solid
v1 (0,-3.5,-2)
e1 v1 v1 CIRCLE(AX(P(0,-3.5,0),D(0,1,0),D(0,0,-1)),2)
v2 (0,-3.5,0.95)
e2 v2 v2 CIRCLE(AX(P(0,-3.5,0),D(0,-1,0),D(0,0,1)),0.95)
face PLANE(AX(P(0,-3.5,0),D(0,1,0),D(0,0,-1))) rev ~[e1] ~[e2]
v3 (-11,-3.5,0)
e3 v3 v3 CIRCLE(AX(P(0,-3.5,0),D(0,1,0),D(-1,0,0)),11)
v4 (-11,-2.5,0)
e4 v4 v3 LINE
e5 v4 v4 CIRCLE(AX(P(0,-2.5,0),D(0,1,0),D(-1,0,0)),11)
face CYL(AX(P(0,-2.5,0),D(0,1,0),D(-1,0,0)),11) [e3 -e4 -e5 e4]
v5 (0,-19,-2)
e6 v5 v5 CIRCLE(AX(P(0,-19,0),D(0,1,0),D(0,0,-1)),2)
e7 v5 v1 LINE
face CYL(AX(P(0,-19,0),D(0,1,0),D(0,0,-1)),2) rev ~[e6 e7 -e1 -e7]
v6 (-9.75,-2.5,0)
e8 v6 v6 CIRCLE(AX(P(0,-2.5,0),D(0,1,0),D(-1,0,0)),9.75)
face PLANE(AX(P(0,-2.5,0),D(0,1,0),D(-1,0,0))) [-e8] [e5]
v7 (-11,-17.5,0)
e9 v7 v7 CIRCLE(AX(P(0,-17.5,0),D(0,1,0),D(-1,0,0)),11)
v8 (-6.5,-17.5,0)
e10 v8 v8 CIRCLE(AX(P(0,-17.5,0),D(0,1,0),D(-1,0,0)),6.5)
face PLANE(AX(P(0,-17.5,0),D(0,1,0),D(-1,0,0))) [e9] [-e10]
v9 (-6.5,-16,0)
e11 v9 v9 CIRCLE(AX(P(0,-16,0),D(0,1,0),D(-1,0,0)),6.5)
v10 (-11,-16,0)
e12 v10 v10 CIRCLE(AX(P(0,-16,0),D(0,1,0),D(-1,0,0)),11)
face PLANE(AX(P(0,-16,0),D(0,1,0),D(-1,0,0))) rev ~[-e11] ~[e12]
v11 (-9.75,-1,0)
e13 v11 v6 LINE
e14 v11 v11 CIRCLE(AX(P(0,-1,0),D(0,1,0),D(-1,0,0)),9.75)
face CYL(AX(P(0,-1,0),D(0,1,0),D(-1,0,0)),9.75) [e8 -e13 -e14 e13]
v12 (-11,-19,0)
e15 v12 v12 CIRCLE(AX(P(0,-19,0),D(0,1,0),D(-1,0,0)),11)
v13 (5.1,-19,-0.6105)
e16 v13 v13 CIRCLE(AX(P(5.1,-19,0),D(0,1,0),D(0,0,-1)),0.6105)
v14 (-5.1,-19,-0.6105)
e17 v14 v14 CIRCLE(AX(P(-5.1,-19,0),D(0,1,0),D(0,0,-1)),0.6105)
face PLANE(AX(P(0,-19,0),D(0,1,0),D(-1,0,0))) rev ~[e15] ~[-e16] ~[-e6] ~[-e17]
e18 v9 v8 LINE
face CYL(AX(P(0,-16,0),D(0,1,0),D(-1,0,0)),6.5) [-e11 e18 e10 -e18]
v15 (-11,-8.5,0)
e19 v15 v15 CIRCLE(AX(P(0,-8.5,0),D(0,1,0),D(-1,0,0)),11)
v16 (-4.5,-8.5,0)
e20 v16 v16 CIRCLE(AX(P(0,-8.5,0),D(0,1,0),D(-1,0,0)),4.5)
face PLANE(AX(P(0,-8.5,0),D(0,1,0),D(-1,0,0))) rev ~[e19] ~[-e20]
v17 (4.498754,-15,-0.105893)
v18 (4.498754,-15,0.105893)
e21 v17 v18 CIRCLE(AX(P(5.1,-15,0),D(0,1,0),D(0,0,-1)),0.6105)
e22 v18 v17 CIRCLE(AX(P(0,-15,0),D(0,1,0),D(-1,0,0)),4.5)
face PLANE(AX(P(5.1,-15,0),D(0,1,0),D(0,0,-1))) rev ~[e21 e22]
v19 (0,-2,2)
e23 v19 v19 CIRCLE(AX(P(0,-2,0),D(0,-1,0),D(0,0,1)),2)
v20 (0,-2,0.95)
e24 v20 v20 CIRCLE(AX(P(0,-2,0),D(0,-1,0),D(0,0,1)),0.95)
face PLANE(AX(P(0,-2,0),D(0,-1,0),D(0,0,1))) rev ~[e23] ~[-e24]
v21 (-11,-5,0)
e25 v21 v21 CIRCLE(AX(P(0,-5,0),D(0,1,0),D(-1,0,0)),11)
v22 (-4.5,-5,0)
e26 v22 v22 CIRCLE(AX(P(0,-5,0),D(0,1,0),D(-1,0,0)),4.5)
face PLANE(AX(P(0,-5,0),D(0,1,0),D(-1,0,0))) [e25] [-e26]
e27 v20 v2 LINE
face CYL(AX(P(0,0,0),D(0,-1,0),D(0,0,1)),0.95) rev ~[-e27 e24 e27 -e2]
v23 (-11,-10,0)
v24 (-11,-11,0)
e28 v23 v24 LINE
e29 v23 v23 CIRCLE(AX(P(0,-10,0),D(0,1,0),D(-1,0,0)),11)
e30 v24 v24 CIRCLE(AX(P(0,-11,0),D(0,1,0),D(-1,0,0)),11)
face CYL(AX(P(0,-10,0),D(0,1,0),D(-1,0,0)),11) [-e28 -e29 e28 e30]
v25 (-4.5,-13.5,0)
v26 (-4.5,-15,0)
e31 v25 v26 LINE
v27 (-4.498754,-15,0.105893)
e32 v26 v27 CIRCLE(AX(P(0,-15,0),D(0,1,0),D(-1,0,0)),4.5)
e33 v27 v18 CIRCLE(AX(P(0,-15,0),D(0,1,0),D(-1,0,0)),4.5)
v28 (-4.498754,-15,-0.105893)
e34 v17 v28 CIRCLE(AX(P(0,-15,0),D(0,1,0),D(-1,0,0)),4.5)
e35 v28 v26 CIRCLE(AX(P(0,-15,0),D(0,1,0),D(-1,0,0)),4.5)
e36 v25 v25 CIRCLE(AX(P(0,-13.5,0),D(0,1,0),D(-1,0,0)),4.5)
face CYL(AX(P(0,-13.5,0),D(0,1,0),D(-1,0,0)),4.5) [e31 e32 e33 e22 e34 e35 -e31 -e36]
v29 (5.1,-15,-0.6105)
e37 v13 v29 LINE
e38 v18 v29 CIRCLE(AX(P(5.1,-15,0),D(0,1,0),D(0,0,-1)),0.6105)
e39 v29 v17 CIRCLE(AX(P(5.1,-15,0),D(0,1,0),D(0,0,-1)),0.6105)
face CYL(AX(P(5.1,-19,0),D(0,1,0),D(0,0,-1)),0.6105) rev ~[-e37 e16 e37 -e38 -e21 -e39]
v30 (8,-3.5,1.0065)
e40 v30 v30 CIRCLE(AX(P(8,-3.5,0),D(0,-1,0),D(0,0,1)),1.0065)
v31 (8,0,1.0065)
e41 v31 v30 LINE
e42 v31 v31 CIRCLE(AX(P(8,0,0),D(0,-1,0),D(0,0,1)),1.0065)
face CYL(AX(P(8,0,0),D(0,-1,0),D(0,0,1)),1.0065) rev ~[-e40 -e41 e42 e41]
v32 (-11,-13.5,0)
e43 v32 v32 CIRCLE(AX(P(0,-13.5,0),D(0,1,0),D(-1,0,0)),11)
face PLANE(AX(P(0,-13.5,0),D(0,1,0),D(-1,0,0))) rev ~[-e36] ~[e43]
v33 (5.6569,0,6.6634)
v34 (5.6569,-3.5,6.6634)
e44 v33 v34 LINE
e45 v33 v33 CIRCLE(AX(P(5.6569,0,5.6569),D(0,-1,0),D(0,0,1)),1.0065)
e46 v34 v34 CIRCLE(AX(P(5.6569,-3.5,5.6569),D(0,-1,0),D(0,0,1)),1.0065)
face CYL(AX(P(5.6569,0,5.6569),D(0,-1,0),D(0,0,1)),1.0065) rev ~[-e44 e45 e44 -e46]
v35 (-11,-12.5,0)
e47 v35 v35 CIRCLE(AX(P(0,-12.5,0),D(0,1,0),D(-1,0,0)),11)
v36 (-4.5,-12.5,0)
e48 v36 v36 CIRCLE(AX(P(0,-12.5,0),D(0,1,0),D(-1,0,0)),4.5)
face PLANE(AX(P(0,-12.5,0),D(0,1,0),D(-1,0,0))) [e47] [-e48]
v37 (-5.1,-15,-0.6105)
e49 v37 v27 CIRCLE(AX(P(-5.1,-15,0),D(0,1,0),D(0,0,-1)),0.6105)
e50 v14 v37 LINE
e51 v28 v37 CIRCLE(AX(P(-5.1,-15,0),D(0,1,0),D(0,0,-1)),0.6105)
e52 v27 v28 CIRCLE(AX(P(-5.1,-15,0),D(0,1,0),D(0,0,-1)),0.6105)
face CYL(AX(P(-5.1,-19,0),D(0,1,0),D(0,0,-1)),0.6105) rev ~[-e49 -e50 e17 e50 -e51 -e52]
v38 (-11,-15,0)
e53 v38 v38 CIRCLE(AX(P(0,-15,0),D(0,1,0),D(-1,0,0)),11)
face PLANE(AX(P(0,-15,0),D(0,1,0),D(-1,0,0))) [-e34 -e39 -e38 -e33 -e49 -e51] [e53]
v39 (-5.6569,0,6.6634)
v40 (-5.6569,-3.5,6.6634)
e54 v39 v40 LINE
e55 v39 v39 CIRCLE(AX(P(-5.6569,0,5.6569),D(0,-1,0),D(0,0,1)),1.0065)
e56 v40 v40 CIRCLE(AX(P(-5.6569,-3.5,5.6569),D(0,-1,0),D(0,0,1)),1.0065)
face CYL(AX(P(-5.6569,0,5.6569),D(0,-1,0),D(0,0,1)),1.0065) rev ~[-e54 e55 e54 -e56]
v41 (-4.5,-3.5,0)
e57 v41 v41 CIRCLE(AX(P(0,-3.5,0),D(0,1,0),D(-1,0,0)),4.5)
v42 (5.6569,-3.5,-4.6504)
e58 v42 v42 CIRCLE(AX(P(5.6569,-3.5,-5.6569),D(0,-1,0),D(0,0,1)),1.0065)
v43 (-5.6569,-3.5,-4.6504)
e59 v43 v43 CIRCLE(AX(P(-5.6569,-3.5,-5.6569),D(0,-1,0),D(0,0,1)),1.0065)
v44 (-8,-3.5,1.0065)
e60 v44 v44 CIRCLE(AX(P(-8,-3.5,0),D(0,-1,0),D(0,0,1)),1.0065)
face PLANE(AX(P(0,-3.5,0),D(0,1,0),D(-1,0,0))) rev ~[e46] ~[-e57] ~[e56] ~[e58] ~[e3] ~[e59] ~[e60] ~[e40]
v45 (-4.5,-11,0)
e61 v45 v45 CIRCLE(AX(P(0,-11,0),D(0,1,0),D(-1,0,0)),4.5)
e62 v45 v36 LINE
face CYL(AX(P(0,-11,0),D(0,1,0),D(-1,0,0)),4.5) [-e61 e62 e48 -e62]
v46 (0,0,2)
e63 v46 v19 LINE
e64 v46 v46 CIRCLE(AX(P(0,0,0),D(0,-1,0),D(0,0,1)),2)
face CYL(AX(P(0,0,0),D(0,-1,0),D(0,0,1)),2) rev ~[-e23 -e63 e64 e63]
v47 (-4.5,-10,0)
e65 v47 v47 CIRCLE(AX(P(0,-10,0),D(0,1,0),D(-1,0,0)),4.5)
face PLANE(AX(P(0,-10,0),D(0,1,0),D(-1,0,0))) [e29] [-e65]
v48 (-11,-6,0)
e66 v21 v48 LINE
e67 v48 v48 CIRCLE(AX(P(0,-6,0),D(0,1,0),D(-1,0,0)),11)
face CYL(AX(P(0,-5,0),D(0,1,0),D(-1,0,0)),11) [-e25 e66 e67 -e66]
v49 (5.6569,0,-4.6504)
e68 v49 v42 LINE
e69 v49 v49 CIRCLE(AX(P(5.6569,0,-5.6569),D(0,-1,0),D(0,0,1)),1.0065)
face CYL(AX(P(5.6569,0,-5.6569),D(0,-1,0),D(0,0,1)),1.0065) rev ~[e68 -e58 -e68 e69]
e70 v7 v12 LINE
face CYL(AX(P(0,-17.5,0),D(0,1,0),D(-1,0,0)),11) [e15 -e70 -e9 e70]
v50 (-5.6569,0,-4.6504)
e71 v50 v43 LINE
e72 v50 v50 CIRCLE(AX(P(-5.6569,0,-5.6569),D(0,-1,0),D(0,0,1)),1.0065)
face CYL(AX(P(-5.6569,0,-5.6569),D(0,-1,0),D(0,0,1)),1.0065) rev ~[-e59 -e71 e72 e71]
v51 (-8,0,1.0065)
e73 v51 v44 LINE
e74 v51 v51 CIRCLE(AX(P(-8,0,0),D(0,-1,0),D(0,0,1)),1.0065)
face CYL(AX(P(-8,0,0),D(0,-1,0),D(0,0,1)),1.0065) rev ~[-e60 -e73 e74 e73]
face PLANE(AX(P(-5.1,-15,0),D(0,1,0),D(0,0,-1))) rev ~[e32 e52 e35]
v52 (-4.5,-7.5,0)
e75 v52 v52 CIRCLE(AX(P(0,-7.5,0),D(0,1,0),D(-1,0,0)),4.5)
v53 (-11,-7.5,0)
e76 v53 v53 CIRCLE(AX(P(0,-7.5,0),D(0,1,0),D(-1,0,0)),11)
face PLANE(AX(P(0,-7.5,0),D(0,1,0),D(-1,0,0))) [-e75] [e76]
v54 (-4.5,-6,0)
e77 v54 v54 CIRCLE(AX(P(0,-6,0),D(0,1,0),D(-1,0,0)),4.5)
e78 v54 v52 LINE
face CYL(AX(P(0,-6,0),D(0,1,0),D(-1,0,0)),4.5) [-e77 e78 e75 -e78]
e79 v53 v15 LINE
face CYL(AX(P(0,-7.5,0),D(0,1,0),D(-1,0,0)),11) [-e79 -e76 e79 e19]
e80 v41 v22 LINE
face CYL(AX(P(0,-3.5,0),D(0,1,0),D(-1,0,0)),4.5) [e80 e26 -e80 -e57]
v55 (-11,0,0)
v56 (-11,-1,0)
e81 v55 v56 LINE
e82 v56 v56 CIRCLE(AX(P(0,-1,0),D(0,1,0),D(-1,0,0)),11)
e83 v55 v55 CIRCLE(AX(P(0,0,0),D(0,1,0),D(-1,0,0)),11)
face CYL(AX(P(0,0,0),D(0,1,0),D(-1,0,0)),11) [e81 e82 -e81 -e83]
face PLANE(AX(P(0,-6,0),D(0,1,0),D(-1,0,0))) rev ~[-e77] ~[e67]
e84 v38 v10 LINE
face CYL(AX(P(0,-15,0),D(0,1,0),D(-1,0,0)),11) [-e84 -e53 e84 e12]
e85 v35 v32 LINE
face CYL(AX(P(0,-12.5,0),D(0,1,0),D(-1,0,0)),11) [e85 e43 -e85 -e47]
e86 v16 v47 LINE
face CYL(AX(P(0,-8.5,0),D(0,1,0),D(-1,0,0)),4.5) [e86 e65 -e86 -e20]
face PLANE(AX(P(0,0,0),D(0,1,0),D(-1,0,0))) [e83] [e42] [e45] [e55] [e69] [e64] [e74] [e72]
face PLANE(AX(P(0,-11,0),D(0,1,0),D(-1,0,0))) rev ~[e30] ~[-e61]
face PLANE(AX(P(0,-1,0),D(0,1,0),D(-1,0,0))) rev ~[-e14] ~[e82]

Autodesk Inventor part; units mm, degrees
ref_plane "YZ Plane" through (0, 0, 0) normal (1, 0, 0) x (0, 1, 0)
ref_plane "XZ Plane" through (0, 0, 0) normal (0, 1, 0) x (-1, 0, 0)
ref_plane "XY Plane" through (0, 0, 0) normal (0, 0, 1) x (1, 0, 0)
sketch "Sketch1" plane through (0, 0, 0) normal (0, 1, 0) x (-1, 0, 0)
  circle A0 centre (0, 0) radius 11
  circle A1 centre (0, 0) radius 9.75
  circle A2 centre (0, 0) radius 2
  circle A3 centre (0, 0) radius 0.95
  circle A4 centre (0, 0) radius 4.5
  circle A5 centre (8, 0) radius 1.25
  circle A6 centre (5.6569, 5.6569) radius 1.25
  circle A7 centre (0, 8) radius 1.25
  circle A8 centre (-5.6569, 5.6569) radius 1.25
  circle A9 centre (-8, 0) radius 1.25
  circle A10 centre (-5.6569, -5.6569) radius 1.25
  circle A11 centre (0, -8) radius 1.25
  circle A12 centre (5.6569, -5.6569) radius 1.25
  circle A13 centre (0, 0) radius 6.5
  dimension "d0" = 22
  dimension "d3" = 19.5
  dimension "d8" = 4
  dimension "d9" = 1.9
  dimension "d10" = 9
  dimension "d13" = 2.5
  dimension "d14" = 8
  dimension "d17" = 360
  dimension "d26" = 13
extrude "Extrusion1" add sketch "Sketch1" against normal blind 1 contours A0 | A1 | A2 | A3 | A4 | A5 | A6 | A7 | A8 | A9 | A10 | A11 | A12 | A13
extrude "Extrusion2" add sketch "Sketch1" against normal blind 1.5 from surface at -1 contours A1 | A2 | A3 | A4 | A5 | A6 | A7 | A8 | A9 | A10 | A11 | A12 | A13
extrude "Extrusion3" add sketch "Sketch1" against normal blind 1 from surface at -2.5 contours A0 | A1 | A2 | A3 | A4 | A5 | A6 | A7 | A8 | A9 | A10 | A11 | A12 | A13
extrude "Extrusion4" add sketch "Sketch1" against normal blind 1.5 from surface at -3.5 contours A2 | A3 | A4
extrude "Extrusion5" add sketch "Sketch1" against normal blind 1 from surface at -5 contours A0 | A1 | A2 | A3 | A4 | A5 | A6 | A7 | A8 | A9 | A10 | A11 | A12 | A13
pattern_linear "Rectangular Pattern1" count 5 spacing 2.5 along (0, -1, 0) of "Extrusion4", "Extrusion5"
extrude "Extrusion6" add sketch "Sketch1" against normal blind 1.5 from surface at -16 contours A2 | A3 | A4 | A13
extrude "Extrusion7" add sketch "Sketch1" against normal blind 1.5 from surface at -17.5 contours A0 | A1 | A2 | A3 | A4 | A5 | A6 | A7 | A8 | A9 | A10 | A11 | A12 | A13
hole "Hole1" at (0, 0, 0) direction (0, -1, 0) diameter 4 depth 2
hole "Hole2" at (0, 0, 0) direction (0, -1, 0) diameter 1.9 end through all
hole "Hole3" at (-5.6569, 0, -5.6569) at (-8, 0, 0) at (-5.6569, 0, 5.6569) at (5.6569, 0, 5.6569) at (8, 0, 0) at (5.6569, 0, -5.6569) direction (0, -1, 0) diameter 2.013 depth 3.5 thread size "M2.5x0.45" class "6H" standard "ANSI Metric M Profile"
sketch "Sketch2" plane through (0, -19, 0) normal (0, -1, 0) x (1, 0, 0)
  circle A0 centre (-5.1, 0) radius 1.25
  circle A1 centre (0, 0) radius 11 projected
  line L0 (0, 11) -> (0, -11)
  circle A2 centre (5.1, 0) radius 1.25
  dimension "d52" = 2.5
  dimension "d68" = 10.2
hole "Hole4" at (-5.1, -19, 0) at (5.1, -19, 0) direction (0, 1, 0) diameter 1.221 depth 4 thread size "M1.6x0.35" class "6H" standard "ANSI Metric M Profile"
hole "Hole5" at (0, -19, 0) direction (0, 1, 0) diameter 4 depth 15.5
equation "\"d31\" = d8"
equation "\"d38\" = d9"
properties part number "Radiator" material "Aluminum 6061"
